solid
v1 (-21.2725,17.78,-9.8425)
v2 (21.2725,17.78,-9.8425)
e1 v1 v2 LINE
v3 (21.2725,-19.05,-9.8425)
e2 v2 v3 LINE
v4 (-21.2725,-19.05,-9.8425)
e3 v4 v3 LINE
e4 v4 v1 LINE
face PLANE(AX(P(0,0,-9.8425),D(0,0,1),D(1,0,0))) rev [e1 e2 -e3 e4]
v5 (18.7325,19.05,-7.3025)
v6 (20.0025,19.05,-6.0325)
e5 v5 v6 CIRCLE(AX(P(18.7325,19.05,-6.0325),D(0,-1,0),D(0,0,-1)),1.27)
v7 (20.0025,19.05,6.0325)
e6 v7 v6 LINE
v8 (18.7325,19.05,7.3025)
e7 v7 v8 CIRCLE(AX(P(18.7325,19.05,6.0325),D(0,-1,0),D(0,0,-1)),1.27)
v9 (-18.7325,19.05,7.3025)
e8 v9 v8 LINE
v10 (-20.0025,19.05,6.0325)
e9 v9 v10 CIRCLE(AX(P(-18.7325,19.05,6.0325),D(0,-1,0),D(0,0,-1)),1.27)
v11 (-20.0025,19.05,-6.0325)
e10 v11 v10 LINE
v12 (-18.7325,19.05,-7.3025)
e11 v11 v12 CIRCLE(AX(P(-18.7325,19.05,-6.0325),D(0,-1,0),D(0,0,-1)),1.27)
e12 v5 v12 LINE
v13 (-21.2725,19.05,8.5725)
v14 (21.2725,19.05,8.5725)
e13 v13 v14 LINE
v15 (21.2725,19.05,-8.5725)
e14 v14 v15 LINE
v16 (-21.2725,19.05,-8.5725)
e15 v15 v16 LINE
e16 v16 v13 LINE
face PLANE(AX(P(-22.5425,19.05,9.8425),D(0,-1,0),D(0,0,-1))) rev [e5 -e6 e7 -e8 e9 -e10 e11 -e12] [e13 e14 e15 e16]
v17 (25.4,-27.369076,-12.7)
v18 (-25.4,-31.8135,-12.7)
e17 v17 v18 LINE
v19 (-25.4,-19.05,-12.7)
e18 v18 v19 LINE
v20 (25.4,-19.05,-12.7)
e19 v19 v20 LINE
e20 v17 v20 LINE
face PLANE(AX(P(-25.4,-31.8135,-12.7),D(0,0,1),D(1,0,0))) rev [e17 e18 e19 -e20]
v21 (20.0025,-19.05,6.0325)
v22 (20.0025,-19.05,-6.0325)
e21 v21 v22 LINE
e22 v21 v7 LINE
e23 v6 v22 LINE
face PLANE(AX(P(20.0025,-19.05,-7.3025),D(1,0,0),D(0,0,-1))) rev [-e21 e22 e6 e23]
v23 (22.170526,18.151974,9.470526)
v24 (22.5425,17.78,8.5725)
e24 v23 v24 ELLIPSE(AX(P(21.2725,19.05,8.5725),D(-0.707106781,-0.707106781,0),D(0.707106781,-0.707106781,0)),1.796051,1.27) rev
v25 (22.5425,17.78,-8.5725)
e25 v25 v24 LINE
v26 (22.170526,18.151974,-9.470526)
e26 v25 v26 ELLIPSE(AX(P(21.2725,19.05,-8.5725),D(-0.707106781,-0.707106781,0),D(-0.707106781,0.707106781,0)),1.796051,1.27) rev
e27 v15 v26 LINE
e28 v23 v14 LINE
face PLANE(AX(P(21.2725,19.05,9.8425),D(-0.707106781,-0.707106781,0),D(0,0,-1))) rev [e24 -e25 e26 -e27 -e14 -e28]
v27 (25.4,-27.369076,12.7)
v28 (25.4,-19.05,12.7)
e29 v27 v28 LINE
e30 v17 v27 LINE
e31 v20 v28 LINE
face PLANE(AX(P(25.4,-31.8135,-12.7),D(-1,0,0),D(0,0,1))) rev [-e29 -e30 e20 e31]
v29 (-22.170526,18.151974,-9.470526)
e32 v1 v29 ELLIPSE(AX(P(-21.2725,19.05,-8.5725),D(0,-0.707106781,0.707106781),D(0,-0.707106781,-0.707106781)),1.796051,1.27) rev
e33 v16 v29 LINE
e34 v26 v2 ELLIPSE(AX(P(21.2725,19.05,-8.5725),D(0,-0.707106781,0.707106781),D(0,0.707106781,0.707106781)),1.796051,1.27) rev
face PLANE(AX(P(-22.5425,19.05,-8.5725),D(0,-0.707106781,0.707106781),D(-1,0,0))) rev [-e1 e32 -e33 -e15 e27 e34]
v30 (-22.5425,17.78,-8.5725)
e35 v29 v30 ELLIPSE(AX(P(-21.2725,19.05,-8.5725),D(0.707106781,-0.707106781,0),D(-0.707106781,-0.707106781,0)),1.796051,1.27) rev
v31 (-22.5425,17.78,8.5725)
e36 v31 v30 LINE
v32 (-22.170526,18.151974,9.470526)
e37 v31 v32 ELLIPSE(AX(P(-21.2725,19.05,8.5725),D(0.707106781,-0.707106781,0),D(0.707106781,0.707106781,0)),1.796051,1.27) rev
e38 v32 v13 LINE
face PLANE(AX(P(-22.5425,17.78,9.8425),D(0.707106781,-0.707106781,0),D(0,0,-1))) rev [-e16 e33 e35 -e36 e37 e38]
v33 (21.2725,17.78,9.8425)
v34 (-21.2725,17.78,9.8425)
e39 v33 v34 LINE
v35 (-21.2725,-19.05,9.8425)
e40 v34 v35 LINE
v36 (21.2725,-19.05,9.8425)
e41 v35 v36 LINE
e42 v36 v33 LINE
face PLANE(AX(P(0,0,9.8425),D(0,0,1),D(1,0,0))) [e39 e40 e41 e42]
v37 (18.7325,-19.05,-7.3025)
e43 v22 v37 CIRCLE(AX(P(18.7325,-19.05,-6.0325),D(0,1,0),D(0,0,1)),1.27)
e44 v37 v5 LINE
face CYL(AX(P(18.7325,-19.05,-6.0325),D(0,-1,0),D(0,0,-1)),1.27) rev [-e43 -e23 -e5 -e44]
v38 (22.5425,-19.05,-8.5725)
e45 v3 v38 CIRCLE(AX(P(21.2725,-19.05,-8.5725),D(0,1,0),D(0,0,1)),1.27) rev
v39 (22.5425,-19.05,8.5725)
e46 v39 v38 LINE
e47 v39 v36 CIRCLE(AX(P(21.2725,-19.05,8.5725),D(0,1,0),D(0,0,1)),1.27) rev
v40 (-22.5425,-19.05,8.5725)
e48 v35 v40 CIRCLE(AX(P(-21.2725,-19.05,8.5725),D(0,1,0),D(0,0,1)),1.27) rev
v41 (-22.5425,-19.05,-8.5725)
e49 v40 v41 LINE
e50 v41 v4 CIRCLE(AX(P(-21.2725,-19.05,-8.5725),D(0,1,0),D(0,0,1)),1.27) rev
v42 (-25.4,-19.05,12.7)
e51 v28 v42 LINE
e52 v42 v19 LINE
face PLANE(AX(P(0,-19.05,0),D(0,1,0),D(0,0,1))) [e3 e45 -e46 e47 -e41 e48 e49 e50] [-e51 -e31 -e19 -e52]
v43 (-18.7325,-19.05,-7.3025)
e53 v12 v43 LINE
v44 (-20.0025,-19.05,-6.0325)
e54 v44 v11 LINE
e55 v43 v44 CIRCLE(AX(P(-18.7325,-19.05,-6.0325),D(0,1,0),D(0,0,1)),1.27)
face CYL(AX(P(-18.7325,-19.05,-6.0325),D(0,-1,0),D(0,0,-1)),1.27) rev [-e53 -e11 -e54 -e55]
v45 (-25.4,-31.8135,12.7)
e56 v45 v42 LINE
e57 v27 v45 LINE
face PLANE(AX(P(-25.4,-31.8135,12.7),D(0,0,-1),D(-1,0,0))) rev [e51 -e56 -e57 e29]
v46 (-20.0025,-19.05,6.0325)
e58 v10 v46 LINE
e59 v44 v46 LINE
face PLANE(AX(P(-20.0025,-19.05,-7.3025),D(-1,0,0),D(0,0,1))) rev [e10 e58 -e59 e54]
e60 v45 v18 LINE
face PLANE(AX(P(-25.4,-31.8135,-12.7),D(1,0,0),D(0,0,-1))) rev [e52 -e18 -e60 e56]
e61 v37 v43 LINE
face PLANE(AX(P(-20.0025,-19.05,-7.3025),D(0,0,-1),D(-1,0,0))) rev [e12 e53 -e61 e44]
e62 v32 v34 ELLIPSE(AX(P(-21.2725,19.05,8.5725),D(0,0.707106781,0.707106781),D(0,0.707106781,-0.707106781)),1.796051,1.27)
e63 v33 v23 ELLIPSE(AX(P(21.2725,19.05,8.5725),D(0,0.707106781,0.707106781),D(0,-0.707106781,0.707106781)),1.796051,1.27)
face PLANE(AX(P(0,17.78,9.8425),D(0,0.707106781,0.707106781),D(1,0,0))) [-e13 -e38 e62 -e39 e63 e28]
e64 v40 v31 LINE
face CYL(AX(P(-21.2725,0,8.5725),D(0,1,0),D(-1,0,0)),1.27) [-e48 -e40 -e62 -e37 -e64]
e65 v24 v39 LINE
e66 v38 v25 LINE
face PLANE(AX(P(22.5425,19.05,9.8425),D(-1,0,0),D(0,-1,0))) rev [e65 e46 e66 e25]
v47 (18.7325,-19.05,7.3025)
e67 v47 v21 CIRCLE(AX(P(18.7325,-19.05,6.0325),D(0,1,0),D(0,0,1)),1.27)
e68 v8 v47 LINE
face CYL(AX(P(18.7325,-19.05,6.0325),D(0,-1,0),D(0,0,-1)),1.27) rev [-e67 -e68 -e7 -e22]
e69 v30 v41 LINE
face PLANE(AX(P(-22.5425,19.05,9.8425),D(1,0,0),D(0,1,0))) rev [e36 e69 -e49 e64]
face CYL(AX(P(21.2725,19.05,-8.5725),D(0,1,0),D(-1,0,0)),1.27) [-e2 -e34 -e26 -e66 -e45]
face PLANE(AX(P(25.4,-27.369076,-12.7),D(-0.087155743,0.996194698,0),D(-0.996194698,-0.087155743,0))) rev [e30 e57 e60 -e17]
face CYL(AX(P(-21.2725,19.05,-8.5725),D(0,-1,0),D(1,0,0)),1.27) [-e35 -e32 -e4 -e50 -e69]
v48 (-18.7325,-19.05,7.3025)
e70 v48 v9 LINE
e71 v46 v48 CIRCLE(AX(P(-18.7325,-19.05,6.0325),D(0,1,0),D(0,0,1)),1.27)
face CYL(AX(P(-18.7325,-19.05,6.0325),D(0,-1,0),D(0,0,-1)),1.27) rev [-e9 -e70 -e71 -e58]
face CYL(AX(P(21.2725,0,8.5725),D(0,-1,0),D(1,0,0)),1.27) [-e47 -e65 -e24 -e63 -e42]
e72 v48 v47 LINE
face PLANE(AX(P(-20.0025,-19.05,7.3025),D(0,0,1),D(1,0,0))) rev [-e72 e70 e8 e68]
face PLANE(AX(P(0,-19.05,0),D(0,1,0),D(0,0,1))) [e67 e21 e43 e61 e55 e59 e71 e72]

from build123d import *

# Parameters (mm, degrees)
SKETCH1_W           = 45.085
SKETCH1_H           = 38.1
BOSS_EXTRUDE1_DEPTH = 9.8425
SKETCH2_W           = 50.8
SKETCH2_H           = 25.4
BOSS_EXTRUDE2_DEPTH = 12.7635
CUT_EXTRUDE1_DEPTH  = 26.4
SKETCH4_W           = 40.005
SKETCH4_H           = 14.605
CUT_EXTRUDE2_DEPTH  = 38.1
CHAMFER1_SIZE       = 1.27
FILLET1_R           = 1.27


with BuildPart() as part:
    # Sketch1 → Boss-Extrude1 (new body, symmetric)
    with BuildSketch(Plane.XY):
        Rectangle(SKETCH1_W, SKETCH1_H)
    extrude(amount=BOSS_EXTRUDE1_DEPTH, both=True)

    # Sketch2 → Boss-Extrude2 (add)
    with BuildSketch(Plane.XZ.offset(19.05)):
        Rectangle(SKETCH2_W, SKETCH2_H)
    extrude(amount=BOSS_EXTRUDE2_DEPTH)

    # Sketch3 → Cut-Extrude1 (cut, through all)
    with BuildSketch(Plane.XY.offset(12.7)):
        Polygon((25.4, -31.8135), (25.4, -27.369075893), (-25.4, -31.8135), align=None)
    extrude(amount=-CUT_EXTRUDE1_DEPTH, mode=Mode.SUBTRACT)

    # Sketch4 → Cut-Extrude2 (cut)
    with BuildSketch(Plane(origin=(0, 19.05, 0), x_dir=(1, 0, 0), z_dir=(0, 1, 0))):
        Rectangle(SKETCH4_W, SKETCH4_H)
    extrude(amount=-CUT_EXTRUDE2_DEPTH, mode=Mode.SUBTRACT)

    # Chamfer1
    chamfer1_edges = [part.edges().sort_by_distance(p)[0] for p in [
        (0, 19.05, -9.8425),
        (-22.5425, 19.05, 0),
        (22.5425, 19.05, 0),
        (0, 19.05, 9.8425),
    ]]
    chamfer(chamfer1_edges, length=CHAMFER1_SIZE)

    # Fillet1
    fillet1_edges = [part.edges().sort_by_distance(p)[0] for p in [
        (20.0025, 0, -7.3025),
        (20.0025, 0, 7.3025),
        (-20.0025, 0, 7.3025),
        (-20.0025, 0, -7.3025),
        (22.5425, -0.635, 9.8425),
        (-22.5425, -0.635, -9.8425),
        (-22.5425, -0.635, 9.8425),
        (22.5425, -0.635, -9.8425),
    ]]
    fillet(fillet1_edges, radius=FILLET1_R)


solid = part.part
